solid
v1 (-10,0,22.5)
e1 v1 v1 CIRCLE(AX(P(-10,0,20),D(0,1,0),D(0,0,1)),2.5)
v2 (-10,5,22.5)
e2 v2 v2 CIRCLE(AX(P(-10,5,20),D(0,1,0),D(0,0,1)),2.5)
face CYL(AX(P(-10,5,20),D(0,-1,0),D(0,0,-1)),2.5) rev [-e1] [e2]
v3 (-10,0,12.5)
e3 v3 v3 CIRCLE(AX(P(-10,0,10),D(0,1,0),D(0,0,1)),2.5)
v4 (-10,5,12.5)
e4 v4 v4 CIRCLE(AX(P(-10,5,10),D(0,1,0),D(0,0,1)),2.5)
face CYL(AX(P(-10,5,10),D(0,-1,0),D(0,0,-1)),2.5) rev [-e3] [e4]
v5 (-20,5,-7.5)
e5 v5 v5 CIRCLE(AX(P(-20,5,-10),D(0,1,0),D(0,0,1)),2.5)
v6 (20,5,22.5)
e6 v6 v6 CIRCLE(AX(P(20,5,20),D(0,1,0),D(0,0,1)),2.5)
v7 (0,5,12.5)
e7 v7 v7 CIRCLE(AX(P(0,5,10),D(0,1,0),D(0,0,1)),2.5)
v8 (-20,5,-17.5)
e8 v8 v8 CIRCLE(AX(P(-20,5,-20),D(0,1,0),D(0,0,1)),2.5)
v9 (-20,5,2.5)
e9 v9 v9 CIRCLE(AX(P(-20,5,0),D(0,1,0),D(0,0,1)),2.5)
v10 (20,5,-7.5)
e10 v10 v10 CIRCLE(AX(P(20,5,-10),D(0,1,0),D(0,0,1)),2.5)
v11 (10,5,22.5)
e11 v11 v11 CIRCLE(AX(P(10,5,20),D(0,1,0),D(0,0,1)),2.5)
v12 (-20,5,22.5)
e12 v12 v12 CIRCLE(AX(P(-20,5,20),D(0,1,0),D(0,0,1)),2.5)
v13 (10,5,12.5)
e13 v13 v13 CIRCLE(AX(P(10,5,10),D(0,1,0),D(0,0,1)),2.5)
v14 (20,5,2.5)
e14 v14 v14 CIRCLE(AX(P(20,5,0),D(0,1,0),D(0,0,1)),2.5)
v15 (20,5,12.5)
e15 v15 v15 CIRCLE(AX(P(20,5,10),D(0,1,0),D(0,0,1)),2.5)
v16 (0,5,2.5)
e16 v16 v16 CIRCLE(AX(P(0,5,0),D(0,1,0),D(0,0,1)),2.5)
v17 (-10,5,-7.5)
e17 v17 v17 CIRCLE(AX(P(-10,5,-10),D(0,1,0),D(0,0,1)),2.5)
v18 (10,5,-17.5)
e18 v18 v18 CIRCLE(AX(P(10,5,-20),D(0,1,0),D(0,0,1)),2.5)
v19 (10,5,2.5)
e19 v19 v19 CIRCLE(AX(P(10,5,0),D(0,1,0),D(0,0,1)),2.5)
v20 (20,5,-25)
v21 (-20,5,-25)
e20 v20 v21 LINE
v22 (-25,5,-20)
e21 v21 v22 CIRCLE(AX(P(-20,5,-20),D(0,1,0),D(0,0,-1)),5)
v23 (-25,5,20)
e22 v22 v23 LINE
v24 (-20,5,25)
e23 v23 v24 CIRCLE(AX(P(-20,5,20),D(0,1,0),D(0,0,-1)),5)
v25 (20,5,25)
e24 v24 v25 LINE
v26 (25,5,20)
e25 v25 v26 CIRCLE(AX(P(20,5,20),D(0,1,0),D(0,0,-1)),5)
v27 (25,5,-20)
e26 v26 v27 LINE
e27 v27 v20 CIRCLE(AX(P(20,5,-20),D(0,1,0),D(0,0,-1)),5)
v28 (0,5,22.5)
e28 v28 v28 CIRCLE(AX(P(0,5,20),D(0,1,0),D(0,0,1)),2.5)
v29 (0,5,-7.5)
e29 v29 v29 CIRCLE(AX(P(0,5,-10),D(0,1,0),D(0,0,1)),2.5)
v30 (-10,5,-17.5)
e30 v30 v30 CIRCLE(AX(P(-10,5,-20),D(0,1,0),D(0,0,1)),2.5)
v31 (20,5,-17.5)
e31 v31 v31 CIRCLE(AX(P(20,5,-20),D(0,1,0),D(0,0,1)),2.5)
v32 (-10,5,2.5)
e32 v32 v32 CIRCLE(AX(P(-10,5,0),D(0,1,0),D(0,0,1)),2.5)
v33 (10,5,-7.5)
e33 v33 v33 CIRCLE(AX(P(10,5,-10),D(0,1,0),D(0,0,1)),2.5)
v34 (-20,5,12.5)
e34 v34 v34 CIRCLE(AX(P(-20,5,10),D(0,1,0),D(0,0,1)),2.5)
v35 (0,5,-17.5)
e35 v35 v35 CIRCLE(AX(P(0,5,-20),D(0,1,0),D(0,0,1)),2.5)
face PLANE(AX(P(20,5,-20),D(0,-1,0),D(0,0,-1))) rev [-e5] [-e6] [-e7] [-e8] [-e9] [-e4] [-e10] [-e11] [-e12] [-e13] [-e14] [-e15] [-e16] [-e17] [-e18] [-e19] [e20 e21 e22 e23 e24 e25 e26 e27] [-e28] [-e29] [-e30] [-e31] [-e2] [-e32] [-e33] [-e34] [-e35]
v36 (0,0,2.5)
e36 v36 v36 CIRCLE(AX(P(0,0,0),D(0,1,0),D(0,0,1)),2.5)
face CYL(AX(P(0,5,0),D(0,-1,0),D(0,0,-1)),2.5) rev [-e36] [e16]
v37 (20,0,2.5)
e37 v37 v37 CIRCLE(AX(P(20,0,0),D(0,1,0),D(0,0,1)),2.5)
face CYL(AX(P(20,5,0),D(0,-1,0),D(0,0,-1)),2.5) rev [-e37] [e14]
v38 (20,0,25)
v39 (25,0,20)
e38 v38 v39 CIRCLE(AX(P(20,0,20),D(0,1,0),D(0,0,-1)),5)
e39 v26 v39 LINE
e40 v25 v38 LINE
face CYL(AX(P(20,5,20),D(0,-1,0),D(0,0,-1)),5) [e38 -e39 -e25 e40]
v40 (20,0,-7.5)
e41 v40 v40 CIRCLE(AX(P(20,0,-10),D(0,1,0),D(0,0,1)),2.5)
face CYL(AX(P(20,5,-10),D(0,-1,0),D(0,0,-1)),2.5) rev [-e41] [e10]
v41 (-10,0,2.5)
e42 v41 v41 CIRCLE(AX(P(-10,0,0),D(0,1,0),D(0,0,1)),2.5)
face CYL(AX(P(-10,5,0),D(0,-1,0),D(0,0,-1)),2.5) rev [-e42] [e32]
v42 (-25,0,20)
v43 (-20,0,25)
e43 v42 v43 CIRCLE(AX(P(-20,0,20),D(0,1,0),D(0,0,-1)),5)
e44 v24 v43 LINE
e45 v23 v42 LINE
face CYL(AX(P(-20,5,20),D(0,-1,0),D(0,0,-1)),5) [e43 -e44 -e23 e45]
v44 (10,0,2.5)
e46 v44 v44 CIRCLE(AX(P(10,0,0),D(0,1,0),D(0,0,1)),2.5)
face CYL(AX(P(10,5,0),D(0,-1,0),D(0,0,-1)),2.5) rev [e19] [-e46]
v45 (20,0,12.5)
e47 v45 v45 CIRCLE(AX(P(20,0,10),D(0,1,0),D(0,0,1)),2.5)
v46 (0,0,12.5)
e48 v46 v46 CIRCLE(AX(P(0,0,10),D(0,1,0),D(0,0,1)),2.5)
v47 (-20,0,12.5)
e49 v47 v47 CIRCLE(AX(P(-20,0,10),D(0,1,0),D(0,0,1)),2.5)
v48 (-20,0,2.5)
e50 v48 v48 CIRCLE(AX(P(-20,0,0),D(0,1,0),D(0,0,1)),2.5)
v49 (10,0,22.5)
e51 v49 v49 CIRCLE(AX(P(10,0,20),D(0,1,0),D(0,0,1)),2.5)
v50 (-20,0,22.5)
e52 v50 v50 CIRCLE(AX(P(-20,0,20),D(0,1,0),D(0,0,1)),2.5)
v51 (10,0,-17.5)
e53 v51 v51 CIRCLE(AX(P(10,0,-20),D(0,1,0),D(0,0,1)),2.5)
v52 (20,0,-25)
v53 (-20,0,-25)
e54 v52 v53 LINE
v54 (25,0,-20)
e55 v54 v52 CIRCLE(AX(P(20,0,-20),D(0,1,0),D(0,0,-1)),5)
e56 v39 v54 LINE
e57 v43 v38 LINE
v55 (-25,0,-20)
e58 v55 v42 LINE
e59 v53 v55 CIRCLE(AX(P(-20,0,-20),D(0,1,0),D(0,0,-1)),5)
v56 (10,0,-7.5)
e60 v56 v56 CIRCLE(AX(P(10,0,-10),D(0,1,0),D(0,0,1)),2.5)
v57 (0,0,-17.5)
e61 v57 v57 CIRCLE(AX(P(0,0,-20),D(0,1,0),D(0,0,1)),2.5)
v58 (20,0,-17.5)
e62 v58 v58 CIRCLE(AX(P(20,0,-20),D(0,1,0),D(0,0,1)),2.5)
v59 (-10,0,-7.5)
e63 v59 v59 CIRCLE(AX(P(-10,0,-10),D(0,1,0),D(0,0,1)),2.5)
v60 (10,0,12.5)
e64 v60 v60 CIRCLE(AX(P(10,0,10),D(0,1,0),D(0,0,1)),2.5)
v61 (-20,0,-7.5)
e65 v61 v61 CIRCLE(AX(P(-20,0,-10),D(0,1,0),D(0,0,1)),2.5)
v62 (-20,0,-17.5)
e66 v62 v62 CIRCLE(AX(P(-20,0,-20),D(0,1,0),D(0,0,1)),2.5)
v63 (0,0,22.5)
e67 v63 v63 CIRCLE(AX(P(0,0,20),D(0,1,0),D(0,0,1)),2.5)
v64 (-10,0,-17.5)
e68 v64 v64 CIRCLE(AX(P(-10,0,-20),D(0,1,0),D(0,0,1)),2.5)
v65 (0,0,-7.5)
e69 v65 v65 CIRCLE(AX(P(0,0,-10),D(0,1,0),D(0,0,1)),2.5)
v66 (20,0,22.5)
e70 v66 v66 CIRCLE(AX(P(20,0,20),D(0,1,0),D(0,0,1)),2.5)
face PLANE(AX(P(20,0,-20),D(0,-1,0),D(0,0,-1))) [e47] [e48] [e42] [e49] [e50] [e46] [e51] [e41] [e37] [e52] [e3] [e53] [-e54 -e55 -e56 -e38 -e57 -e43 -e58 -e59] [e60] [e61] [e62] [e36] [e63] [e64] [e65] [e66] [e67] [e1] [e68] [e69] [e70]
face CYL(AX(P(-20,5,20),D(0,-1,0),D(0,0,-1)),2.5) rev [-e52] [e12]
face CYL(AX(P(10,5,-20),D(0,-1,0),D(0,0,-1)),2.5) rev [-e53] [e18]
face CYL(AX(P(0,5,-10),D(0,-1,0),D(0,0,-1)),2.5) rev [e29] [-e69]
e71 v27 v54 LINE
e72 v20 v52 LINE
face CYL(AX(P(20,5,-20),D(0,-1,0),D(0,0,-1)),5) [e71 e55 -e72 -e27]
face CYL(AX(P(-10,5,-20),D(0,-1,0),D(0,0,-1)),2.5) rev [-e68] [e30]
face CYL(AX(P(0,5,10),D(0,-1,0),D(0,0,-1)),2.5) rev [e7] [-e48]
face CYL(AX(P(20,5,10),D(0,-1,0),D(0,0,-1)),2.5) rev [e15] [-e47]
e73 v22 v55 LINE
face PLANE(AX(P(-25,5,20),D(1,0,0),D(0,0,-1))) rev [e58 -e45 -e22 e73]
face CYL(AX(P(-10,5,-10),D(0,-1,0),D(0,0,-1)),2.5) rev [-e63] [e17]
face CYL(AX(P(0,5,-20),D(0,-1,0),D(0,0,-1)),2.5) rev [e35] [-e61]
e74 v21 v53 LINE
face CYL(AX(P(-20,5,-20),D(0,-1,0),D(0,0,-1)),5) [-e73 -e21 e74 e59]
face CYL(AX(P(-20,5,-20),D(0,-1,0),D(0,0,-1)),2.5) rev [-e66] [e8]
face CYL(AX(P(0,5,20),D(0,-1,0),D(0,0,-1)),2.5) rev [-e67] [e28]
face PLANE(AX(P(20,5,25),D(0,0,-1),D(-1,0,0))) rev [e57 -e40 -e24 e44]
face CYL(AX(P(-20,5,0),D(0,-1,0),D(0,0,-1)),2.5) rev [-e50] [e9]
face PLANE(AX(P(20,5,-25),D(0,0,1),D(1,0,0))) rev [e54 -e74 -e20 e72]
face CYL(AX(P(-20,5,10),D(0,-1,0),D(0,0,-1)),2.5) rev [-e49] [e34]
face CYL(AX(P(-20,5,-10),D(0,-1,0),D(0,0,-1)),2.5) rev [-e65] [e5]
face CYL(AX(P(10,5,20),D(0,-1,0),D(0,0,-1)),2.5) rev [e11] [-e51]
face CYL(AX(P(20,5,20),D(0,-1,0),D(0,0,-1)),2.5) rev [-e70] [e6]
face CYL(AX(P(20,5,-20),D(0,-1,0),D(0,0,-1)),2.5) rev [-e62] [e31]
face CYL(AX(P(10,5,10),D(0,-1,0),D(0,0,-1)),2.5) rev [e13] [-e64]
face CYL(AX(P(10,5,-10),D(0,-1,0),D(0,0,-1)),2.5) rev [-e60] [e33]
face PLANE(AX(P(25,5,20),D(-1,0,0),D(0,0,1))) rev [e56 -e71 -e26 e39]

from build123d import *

# Parameters (mm, degrees)
SKETCH1_R           = 2.5
BOSS_EXTRUDE1_DEPTH = 5


with BuildPart() as part:
    # Sketch1 → Boss-Extrude1 (new body)
    with BuildSketch(Plane(origin=(0, 0, 0), x_dir=(1, 0, 0), z_dir=(0, 1, 0))):
        with BuildLine():
            Line((20, -25), (-20, -25))
            ThreePointArc((-20, -25), (-23.535533906, -23.535533906), (-25, -20))
            Line((-25, -20), (-25, 20))
            ThreePointArc((-25, 20), (-23.535533906, 23.535533906), (-20, 25))
            Line((-20, 25), (20, 25))
            ThreePointArc((20, 25), (23.535533906, 23.535533906), (25, 20))
            Line((25, 20), (25, -20))
            ThreePointArc((25, -20), (23.535533906, -23.535533906), (20, -25))
        make_face()
        with Locations((-20, 20)):
            Circle(SKETCH1_R, mode=Mode.SUBTRACT)
        with Locations((-10, 20)):
            Circle(SKETCH1_R, mode=Mode.SUBTRACT)
        with Locations((0, 20)):
            Circle(SKETCH1_R, mode=Mode.SUBTRACT)
        with Locations((10, 20)):
            Circle(SKETCH1_R, mode=Mode.SUBTRACT)
        with Locations((20, 20)):
            Circle(SKETCH1_R, mode=Mode.SUBTRACT)
        with Locations((-10, 10)):
            Circle(SKETCH1_R, mode=Mode.SUBTRACT)
        with Locations((0, 10)):
            Circle(SKETCH1_R, mode=Mode.SUBTRACT)
        with Locations((10, 10)):
            Circle(SKETCH1_R, mode=Mode.SUBTRACT)
        with Locations((20, 10)):
            Circle(SKETCH1_R, mode=Mode.SUBTRACT)
        with Locations((-10, 0)):
            Circle(SKETCH1_R, mode=Mode.SUBTRACT)
        Circle(SKETCH1_R, mode=Mode.SUBTRACT)
        with Locations((10, 0)):
            Circle(SKETCH1_R, mode=Mode.SUBTRACT)
        with Locations((20, 0)):
            Circle(SKETCH1_R, mode=Mode.SUBTRACT)
        with Locations((-10, -10)):
            Circle(SKETCH1_R, mode=Mode.SUBTRACT)
        with Locations((0, -10)):
            Circle(SKETCH1_R, mode=Mode.SUBTRACT)
        with Locations((10, -10)):
            Circle(SKETCH1_R, mode=Mode.SUBTRACT)
        with Locations((20, -10)):
            Circle(SKETCH1_R, mode=Mode.SUBTRACT)
        with Locations((-10, -20)):
            Circle(SKETCH1_R, mode=Mode.SUBTRACT)
        with Locations((0, -20)):
            Circle(SKETCH1_R, mode=Mode.SUBTRACT)
        with Locations((10, -20)):
            Circle(SKETCH1_R, mode=Mode.SUBTRACT)
        with Locations((20, -20)):
            Circle(SKETCH1_R, mode=Mode.SUBTRACT)
        with Locations((-20, 10)):
            Circle(SKETCH1_R, mode=Mode.SUBTRACT)
        with Locations((-20, 0)):
            Circle(SKETCH1_R, mode=Mode.SUBTRACT)
        with Locations((-20, -10)):
            Circle(SKETCH1_R, mode=Mode.SUBTRACT)
        with Locations((-20, -20)):
            Circle(SKETCH1_R, mode=Mode.SUBTRACT)
    extrude(amount=BOSS_EXTRUDE1_DEPTH)


solid = part.part
